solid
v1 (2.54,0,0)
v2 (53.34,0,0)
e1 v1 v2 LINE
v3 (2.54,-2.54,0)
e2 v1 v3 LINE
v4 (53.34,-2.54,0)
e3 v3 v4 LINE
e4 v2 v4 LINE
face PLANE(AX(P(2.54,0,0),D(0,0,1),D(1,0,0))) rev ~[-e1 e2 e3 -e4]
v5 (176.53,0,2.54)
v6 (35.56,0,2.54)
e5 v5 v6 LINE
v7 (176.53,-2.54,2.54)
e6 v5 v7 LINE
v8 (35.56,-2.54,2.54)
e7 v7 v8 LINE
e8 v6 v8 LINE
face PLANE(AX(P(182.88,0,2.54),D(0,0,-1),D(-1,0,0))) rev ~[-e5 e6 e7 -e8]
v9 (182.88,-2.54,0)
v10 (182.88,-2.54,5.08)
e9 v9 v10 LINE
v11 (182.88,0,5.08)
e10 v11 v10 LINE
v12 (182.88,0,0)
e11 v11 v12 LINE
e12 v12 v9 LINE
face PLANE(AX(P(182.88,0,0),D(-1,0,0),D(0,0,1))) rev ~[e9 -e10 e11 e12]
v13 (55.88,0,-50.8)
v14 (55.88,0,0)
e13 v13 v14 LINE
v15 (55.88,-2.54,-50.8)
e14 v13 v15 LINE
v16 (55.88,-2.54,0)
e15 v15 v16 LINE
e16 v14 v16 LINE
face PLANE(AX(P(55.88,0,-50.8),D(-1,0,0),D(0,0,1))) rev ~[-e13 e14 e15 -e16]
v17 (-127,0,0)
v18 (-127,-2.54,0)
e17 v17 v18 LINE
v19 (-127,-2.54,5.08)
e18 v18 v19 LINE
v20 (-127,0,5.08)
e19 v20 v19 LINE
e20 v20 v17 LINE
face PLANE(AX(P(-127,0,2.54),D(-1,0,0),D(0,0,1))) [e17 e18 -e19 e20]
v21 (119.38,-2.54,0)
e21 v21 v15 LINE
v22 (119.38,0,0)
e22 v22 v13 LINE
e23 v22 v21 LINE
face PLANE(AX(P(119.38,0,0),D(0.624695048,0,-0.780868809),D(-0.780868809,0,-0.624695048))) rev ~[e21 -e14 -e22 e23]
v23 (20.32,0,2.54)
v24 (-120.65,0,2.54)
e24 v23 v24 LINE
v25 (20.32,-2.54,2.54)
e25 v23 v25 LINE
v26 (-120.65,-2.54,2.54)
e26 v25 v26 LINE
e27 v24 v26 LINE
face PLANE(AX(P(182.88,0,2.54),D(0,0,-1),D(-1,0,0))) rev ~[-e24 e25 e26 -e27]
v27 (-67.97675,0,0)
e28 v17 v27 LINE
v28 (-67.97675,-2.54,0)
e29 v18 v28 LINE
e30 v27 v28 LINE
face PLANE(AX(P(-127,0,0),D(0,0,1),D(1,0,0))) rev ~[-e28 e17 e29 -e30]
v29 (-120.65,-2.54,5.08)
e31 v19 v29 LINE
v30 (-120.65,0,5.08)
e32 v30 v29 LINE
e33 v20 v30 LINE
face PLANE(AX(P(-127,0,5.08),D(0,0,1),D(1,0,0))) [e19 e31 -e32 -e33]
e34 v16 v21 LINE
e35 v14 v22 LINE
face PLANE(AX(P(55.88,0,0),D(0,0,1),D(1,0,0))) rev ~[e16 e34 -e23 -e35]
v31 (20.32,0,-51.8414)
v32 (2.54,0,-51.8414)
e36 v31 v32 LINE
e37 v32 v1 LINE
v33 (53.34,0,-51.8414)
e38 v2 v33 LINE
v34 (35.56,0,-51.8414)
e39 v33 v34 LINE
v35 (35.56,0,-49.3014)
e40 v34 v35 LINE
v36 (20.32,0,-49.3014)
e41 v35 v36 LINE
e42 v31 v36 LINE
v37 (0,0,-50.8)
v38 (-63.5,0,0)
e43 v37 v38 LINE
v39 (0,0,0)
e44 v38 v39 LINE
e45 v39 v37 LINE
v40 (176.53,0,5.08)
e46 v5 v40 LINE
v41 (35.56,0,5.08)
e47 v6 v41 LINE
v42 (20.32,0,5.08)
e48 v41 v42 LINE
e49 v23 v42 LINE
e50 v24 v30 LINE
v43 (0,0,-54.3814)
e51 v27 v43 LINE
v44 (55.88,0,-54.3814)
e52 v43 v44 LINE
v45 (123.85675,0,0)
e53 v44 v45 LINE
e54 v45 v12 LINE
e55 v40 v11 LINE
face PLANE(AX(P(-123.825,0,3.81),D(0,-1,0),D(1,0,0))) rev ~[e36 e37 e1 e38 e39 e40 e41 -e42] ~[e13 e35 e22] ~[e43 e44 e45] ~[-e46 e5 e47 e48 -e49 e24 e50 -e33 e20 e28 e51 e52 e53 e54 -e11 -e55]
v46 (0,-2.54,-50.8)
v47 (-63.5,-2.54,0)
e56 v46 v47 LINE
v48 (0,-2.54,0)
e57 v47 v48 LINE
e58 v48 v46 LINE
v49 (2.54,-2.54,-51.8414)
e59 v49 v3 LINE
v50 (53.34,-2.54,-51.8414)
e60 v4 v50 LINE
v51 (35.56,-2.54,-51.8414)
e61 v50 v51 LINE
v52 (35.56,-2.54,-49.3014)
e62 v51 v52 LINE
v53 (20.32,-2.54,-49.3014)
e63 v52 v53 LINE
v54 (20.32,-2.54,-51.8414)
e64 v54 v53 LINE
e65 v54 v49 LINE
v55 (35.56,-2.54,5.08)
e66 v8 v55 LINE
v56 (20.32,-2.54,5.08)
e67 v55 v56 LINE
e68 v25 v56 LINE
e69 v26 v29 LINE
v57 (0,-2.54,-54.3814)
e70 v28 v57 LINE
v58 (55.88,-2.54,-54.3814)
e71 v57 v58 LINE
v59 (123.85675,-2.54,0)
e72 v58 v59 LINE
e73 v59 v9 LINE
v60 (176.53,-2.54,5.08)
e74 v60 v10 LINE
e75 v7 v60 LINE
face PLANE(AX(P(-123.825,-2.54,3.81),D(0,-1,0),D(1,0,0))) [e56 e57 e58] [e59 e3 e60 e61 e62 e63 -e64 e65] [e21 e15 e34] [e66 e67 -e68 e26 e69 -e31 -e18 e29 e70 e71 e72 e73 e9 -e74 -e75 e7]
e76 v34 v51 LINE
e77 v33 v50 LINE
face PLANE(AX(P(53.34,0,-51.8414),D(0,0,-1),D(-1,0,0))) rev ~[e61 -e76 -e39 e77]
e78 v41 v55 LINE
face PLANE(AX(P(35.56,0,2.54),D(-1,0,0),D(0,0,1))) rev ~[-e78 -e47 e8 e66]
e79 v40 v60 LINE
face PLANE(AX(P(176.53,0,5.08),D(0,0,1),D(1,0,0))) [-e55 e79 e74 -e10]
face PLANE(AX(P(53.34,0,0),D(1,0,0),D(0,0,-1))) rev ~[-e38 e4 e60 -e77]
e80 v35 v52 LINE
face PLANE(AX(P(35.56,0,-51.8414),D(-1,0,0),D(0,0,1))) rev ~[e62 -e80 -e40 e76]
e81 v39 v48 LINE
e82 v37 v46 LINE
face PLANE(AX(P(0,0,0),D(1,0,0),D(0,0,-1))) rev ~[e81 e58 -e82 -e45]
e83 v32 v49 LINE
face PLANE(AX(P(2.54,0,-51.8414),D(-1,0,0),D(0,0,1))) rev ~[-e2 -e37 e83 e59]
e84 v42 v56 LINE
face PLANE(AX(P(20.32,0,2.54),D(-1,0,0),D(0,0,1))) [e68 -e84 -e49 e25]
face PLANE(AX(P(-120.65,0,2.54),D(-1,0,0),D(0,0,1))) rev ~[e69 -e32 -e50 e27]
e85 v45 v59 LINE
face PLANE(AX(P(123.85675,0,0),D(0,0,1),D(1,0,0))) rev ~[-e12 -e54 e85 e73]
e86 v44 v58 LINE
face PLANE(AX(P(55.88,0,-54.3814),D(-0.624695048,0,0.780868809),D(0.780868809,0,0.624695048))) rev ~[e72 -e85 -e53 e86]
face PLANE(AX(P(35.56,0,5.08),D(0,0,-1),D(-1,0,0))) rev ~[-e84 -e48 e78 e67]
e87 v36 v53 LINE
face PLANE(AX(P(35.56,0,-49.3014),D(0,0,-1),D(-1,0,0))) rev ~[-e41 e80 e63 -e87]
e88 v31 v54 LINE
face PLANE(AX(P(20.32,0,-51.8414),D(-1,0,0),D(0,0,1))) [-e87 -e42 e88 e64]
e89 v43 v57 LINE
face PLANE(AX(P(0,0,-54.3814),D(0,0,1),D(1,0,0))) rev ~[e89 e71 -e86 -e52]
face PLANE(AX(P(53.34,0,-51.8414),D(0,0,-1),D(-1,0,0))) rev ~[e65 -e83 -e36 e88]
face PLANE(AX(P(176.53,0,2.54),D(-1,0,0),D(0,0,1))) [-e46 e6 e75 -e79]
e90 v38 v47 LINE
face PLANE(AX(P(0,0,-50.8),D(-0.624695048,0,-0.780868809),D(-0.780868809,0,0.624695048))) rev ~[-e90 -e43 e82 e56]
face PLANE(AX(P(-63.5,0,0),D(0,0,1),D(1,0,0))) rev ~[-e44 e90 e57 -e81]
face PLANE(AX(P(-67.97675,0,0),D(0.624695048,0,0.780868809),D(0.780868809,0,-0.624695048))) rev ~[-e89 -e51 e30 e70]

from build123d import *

# Parameters (mm, degrees)
F1_DEPTH = 2.54
F0_W     = 6.35
F0_H     = 2.54
F0_W_2   = 7.62
F2_DEPTH = 2.54


with BuildPart() as f1:
    # F0 (on Front) → F1 (new body)
    with BuildSketch(Plane.XZ):
        Polygon((-127, 2.54), (-127, 0), (-67.97675, 0), (-63.5, 0), (0, 0), (0, 2.54), (-120.65, 2.54), align=None)
        Polygon((-63.5, 0), (-67.97675, 0), (0, -54.3814), (0, -50.8), align=None)
        Polygon((20.32, 2.54), (2.54, 2.54), (2.54, 0), (27.94, 0), (27.94, 2.54), align=None)
        Polygon((0, -50.8), (0, -54.3814), (2.54, -54.3814), (2.54, -51.8414), (2.54, 0), (2.54, 2.54), (0, 2.54), (0, 0), align=None)
        Polygon((2.54, -51.8414), (2.54, -54.3814), (27.94, -54.3814), (27.94, -51.8414), (20.32, -51.8414), align=None)
        Polygon((27.94, -51.8414), (27.94, -54.3814), (53.34, -54.3814), (53.34, -51.8414), (35.56, -51.8414), align=None)
        Polygon((53.34, -51.8414), (53.34, -54.3814), (55.88, -54.3814), (55.88, -50.8), (55.88, 0), (55.88, 2.54), (53.34, 2.54), (53.34, 0), align=None)
        Polygon((27.94, 2.54), (27.94, 0), (53.34, 0), (53.34, 2.54), (35.56, 2.54), align=None)
        Polygon((119.38, 0), (123.85675, 0), (182.88, 0), (182.88, 2.54), (176.53, 2.54), (55.88, 2.54), (55.88, 0), align=None)
        Polygon((55.88, -50.8), (55.88, -54.3814), (123.85675, 0), (119.38, 0), align=None)
    extrude(amount=F1_DEPTH)

    # F0 (on Front) → F2 (join)
    with BuildSketch(Plane.XZ):
        with Locations((-123.825, 3.81)):
            Rectangle(F0_W, F0_H)
        with Locations((24.13, 3.81)):
            Rectangle(F0_W_2, F0_H)
        with Locations((31.75, 3.81)):
            Rectangle(F0_W_2, F0_H)
        with Locations((179.705, 3.81)):
            Rectangle(F0_W, F0_H)
        with Locations((24.13, -50.5714)):
            Rectangle(F0_W_2, F0_H)
        with Locations((31.75, -50.5714)):
            Rectangle(F0_W_2, F0_H)
    extrude(amount=F2_DEPTH)


solid = f1.part
